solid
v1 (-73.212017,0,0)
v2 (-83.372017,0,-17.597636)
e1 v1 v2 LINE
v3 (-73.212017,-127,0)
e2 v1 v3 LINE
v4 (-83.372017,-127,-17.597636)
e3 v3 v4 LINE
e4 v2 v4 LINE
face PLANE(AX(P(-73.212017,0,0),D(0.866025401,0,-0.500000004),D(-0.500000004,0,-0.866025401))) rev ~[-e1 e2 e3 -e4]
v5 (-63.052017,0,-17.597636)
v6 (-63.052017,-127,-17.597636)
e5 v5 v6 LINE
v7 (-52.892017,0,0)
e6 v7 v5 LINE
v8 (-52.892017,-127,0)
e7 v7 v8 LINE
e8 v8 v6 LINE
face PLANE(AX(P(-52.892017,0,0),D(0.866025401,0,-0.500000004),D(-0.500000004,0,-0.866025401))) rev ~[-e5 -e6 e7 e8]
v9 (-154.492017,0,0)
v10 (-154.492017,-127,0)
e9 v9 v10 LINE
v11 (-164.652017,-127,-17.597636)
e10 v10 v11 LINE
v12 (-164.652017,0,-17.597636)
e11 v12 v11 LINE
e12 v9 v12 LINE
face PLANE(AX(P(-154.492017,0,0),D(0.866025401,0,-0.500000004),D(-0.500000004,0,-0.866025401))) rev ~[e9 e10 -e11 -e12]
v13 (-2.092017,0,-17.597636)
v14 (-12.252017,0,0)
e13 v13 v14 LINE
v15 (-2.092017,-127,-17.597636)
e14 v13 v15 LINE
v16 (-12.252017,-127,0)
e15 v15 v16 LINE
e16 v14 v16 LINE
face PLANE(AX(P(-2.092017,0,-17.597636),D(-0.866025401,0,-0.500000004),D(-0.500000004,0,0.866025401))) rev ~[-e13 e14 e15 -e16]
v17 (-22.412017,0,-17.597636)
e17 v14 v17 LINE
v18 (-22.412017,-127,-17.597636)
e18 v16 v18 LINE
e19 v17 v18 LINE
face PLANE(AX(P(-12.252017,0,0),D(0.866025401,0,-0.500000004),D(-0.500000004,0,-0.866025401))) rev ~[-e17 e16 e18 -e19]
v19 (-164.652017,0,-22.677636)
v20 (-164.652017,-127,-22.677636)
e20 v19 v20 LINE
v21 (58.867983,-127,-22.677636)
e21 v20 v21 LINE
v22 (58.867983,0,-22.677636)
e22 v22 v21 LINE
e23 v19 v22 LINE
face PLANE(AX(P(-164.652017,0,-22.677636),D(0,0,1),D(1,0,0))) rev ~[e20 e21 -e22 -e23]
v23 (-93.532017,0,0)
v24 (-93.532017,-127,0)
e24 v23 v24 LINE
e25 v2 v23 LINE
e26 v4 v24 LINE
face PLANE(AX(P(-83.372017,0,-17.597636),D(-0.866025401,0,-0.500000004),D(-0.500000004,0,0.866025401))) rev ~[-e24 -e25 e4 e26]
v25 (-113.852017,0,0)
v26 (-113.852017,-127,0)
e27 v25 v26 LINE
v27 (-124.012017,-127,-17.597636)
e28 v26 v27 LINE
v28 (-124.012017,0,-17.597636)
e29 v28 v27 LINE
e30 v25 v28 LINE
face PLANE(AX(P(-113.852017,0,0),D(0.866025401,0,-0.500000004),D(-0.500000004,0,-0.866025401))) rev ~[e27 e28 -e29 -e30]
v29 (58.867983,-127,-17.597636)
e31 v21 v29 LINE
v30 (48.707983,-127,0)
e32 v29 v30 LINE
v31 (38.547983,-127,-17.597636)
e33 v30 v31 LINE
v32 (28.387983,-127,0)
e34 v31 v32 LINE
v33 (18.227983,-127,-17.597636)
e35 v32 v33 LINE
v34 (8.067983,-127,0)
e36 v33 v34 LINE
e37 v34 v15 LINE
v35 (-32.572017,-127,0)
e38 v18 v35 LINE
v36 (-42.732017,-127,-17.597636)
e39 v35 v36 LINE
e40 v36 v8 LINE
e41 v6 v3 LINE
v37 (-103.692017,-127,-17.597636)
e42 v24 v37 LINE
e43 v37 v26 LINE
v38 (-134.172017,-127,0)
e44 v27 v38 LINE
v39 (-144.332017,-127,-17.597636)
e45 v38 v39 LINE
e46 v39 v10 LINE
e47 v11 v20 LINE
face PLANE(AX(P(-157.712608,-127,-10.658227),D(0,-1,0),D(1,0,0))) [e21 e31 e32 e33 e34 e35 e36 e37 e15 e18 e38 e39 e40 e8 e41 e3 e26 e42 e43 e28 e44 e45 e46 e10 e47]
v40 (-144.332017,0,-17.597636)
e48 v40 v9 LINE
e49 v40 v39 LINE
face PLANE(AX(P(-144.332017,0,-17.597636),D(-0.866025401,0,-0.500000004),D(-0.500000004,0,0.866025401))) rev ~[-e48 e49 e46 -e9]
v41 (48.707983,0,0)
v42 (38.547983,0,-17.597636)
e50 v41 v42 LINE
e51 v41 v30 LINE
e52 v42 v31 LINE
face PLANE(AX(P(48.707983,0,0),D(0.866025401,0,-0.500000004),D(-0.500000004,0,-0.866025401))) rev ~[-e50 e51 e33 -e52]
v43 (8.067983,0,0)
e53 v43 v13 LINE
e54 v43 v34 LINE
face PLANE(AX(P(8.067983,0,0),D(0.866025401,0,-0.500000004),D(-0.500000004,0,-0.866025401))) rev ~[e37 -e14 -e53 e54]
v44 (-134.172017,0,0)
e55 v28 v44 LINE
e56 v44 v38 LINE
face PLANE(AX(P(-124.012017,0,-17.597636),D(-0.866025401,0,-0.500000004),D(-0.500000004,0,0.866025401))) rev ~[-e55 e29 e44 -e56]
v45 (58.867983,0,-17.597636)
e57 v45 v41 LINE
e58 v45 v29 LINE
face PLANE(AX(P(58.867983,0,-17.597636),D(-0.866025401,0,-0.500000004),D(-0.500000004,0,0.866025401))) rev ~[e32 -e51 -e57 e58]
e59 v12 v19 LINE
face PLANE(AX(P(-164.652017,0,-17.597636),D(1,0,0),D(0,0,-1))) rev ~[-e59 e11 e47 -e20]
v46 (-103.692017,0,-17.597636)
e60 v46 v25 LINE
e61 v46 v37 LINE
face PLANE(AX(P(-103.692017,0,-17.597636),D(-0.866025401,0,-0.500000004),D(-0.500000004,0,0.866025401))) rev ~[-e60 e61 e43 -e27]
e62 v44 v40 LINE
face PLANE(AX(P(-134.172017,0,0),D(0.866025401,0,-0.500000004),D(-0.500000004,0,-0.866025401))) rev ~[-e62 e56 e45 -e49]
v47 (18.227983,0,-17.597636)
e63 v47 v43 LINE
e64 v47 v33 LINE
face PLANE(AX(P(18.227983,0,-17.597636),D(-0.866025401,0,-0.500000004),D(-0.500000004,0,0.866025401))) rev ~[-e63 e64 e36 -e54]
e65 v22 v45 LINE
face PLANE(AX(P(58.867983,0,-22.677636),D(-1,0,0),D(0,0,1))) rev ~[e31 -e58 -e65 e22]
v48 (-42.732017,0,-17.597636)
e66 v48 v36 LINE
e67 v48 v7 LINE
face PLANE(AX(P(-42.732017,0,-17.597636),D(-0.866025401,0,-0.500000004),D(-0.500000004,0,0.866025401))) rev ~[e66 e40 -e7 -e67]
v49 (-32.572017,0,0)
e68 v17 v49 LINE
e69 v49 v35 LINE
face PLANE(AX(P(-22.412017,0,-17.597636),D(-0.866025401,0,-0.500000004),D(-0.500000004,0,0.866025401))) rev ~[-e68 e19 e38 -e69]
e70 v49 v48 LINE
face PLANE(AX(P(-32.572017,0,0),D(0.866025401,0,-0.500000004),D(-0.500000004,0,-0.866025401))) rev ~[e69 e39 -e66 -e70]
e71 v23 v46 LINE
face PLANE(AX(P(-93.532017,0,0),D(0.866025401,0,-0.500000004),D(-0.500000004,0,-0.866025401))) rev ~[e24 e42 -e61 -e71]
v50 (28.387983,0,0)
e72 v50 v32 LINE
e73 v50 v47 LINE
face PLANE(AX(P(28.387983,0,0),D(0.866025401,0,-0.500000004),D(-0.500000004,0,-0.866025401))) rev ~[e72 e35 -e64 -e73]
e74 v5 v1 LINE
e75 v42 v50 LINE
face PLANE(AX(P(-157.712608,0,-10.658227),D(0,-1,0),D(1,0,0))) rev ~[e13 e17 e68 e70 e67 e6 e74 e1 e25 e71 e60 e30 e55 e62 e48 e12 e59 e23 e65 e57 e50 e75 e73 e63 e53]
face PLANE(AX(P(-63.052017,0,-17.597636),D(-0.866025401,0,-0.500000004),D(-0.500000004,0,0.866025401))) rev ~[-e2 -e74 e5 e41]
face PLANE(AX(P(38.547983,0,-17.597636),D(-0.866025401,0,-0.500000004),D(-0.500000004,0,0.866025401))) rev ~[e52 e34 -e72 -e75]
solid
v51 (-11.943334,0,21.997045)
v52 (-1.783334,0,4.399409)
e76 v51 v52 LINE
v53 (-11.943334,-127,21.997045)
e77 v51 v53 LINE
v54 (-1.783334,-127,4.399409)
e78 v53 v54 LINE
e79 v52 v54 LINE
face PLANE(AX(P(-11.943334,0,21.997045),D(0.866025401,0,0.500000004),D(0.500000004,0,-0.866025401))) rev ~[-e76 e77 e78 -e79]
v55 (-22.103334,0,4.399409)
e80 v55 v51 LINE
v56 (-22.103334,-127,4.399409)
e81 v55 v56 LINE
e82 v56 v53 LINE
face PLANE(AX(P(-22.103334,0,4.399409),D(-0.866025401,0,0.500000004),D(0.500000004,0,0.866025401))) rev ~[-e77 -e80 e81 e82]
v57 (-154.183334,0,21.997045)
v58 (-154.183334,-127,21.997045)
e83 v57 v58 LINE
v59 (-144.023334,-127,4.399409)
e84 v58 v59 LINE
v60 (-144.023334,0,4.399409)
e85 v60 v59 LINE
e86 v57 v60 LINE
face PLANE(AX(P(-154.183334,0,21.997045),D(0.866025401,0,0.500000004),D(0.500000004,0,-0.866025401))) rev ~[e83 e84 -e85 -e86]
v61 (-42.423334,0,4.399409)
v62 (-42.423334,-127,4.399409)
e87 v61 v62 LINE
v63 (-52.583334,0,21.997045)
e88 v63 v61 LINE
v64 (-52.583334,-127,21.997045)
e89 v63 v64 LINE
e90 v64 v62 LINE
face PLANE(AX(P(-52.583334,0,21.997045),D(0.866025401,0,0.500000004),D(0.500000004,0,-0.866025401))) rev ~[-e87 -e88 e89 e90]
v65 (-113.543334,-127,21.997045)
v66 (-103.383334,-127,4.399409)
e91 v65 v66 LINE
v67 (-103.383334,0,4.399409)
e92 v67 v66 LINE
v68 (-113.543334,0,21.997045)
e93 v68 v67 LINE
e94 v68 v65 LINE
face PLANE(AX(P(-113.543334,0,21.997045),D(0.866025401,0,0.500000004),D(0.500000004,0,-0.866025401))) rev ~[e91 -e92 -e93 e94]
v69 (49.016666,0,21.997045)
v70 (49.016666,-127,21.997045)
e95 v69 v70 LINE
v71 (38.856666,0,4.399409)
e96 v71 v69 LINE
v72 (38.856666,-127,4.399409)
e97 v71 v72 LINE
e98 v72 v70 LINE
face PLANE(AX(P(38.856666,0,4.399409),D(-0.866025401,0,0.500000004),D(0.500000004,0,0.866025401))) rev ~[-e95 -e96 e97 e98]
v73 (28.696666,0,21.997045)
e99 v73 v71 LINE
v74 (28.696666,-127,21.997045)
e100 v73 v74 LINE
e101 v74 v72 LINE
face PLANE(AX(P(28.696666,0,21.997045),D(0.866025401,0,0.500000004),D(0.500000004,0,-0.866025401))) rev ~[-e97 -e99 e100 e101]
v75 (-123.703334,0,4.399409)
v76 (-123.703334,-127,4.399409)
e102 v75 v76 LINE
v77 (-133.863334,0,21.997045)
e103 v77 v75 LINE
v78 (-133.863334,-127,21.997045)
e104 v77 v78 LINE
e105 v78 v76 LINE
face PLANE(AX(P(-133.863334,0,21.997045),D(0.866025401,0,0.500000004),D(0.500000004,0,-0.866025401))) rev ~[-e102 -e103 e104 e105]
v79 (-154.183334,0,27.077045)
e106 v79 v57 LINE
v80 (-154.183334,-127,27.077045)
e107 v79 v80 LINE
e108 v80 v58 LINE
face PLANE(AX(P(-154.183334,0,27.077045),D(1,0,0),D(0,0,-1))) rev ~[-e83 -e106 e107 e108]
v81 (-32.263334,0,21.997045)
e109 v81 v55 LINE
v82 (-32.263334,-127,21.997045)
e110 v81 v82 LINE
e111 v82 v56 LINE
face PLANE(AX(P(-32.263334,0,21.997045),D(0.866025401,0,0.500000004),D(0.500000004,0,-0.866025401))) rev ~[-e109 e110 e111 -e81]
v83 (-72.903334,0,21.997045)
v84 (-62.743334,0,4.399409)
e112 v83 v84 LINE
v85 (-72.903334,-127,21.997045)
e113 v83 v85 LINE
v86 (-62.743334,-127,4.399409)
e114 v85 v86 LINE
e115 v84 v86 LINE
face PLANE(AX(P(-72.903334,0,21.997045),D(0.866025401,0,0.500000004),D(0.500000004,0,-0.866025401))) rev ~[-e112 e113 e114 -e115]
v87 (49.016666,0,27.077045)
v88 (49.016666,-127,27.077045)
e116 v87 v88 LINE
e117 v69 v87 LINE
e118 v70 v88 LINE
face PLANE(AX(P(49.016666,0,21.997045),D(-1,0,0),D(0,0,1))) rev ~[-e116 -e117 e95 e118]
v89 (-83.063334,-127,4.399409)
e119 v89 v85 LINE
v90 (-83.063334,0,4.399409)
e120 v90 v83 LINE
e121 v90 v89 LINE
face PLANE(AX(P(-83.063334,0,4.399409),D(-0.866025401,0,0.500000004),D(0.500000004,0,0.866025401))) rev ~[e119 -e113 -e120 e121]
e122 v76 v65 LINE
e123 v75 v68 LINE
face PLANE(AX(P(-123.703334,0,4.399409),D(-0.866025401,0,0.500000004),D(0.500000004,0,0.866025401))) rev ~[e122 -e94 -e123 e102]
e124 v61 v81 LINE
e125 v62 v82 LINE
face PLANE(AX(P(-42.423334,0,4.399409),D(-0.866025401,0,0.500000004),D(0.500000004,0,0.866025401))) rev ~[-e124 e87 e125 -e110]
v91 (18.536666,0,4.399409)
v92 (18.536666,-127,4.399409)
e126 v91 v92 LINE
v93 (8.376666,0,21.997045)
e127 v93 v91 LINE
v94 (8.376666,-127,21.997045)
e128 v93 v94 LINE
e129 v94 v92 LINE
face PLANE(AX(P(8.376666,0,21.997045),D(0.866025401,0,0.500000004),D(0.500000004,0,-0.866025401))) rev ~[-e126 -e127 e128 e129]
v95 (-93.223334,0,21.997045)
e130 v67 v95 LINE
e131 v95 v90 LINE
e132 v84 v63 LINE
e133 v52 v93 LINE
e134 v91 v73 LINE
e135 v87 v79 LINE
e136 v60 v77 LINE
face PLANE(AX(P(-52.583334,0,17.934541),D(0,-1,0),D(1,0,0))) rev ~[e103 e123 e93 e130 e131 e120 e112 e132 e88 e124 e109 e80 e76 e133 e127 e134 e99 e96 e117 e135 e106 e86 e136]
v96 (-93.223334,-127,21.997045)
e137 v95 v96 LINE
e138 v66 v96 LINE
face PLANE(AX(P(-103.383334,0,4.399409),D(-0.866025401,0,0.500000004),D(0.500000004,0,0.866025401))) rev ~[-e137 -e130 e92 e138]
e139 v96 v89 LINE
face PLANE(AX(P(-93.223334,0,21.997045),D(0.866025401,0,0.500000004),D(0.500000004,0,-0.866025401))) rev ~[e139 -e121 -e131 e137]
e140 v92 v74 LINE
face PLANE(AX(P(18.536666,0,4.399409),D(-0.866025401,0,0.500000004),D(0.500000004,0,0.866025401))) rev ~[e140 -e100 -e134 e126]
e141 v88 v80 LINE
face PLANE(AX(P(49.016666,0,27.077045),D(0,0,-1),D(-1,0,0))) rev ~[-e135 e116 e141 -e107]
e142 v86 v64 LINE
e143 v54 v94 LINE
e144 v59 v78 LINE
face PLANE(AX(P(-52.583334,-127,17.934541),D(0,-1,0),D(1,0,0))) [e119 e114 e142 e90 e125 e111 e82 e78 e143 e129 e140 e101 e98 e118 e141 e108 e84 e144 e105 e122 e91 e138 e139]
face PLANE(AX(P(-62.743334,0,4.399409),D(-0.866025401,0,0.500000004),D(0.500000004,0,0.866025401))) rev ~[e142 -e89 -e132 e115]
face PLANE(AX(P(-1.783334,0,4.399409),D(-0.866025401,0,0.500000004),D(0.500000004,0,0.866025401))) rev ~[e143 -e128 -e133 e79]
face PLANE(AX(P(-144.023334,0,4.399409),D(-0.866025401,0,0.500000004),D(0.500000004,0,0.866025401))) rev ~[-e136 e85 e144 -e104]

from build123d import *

# Parameters (mm, degrees)
F1_DEPTH = 127


with BuildPart() as f1:
    # F0 (on Front) → F1 (new body)
    with BuildSketch(Plane.XZ):
        Polygon((49.016666, 27.077045), (-154.183334, 27.077045), (-154.183334, 21.997045), (-144.023334, 4.399409), (-133.863334, 21.997045), (-123.703334, 4.399409), (-113.543334, 21.997045), (-103.383334, 4.399409), (-93.223334, 21.997045), (-83.063334, 4.399409), (-72.903334, 21.997045), (-62.743334, 4.399409), (-52.583334, 21.997045), (-42.423334, 4.399409), (-32.263334, 21.997045), (-22.103334, 4.399409), (-11.943334, 21.997045), (-1.783334, 4.399409), (8.376666, 21.997045), (18.536666, 4.399409), (28.696666, 21.997045), (38.856666, 4.399409), (49.016666, 21.997045), align=None)
        Polygon((-154.492017, 0), (-164.652017, -17.597636), (-154.492017, -17.597636), align=None)
        Polygon((-144.332017, -17.597636), (-154.492017, 0), (-154.492017, -17.597636), align=None)
        Polygon((-154.492017, -17.597636), (-164.652017, -17.597636), (-164.652017, -22.677636), (58.867983, -22.677636), (58.867983, -17.597636), (48.707983, 0), (38.547983, -17.597636), (28.387983, 0), (18.227983, -17.597636), (8.067983, 0), (-2.092017, -17.597636), (-12.252017, 0), (-22.412017, -17.597636), (-32.572017, 0), (-42.732017, -17.597636), (-52.892017, 0), (-63.052017, -17.597636), (-73.212017, 0), (-83.372017, -17.597636), (-93.532017, 0), (-103.692017, -17.597636), (-113.852017, 0), (-124.012017, -17.597636), (-134.172017, 0), (-144.332017, -17.597636), align=None)
    extrude(amount=F1_DEPTH)


solid = f1.part
